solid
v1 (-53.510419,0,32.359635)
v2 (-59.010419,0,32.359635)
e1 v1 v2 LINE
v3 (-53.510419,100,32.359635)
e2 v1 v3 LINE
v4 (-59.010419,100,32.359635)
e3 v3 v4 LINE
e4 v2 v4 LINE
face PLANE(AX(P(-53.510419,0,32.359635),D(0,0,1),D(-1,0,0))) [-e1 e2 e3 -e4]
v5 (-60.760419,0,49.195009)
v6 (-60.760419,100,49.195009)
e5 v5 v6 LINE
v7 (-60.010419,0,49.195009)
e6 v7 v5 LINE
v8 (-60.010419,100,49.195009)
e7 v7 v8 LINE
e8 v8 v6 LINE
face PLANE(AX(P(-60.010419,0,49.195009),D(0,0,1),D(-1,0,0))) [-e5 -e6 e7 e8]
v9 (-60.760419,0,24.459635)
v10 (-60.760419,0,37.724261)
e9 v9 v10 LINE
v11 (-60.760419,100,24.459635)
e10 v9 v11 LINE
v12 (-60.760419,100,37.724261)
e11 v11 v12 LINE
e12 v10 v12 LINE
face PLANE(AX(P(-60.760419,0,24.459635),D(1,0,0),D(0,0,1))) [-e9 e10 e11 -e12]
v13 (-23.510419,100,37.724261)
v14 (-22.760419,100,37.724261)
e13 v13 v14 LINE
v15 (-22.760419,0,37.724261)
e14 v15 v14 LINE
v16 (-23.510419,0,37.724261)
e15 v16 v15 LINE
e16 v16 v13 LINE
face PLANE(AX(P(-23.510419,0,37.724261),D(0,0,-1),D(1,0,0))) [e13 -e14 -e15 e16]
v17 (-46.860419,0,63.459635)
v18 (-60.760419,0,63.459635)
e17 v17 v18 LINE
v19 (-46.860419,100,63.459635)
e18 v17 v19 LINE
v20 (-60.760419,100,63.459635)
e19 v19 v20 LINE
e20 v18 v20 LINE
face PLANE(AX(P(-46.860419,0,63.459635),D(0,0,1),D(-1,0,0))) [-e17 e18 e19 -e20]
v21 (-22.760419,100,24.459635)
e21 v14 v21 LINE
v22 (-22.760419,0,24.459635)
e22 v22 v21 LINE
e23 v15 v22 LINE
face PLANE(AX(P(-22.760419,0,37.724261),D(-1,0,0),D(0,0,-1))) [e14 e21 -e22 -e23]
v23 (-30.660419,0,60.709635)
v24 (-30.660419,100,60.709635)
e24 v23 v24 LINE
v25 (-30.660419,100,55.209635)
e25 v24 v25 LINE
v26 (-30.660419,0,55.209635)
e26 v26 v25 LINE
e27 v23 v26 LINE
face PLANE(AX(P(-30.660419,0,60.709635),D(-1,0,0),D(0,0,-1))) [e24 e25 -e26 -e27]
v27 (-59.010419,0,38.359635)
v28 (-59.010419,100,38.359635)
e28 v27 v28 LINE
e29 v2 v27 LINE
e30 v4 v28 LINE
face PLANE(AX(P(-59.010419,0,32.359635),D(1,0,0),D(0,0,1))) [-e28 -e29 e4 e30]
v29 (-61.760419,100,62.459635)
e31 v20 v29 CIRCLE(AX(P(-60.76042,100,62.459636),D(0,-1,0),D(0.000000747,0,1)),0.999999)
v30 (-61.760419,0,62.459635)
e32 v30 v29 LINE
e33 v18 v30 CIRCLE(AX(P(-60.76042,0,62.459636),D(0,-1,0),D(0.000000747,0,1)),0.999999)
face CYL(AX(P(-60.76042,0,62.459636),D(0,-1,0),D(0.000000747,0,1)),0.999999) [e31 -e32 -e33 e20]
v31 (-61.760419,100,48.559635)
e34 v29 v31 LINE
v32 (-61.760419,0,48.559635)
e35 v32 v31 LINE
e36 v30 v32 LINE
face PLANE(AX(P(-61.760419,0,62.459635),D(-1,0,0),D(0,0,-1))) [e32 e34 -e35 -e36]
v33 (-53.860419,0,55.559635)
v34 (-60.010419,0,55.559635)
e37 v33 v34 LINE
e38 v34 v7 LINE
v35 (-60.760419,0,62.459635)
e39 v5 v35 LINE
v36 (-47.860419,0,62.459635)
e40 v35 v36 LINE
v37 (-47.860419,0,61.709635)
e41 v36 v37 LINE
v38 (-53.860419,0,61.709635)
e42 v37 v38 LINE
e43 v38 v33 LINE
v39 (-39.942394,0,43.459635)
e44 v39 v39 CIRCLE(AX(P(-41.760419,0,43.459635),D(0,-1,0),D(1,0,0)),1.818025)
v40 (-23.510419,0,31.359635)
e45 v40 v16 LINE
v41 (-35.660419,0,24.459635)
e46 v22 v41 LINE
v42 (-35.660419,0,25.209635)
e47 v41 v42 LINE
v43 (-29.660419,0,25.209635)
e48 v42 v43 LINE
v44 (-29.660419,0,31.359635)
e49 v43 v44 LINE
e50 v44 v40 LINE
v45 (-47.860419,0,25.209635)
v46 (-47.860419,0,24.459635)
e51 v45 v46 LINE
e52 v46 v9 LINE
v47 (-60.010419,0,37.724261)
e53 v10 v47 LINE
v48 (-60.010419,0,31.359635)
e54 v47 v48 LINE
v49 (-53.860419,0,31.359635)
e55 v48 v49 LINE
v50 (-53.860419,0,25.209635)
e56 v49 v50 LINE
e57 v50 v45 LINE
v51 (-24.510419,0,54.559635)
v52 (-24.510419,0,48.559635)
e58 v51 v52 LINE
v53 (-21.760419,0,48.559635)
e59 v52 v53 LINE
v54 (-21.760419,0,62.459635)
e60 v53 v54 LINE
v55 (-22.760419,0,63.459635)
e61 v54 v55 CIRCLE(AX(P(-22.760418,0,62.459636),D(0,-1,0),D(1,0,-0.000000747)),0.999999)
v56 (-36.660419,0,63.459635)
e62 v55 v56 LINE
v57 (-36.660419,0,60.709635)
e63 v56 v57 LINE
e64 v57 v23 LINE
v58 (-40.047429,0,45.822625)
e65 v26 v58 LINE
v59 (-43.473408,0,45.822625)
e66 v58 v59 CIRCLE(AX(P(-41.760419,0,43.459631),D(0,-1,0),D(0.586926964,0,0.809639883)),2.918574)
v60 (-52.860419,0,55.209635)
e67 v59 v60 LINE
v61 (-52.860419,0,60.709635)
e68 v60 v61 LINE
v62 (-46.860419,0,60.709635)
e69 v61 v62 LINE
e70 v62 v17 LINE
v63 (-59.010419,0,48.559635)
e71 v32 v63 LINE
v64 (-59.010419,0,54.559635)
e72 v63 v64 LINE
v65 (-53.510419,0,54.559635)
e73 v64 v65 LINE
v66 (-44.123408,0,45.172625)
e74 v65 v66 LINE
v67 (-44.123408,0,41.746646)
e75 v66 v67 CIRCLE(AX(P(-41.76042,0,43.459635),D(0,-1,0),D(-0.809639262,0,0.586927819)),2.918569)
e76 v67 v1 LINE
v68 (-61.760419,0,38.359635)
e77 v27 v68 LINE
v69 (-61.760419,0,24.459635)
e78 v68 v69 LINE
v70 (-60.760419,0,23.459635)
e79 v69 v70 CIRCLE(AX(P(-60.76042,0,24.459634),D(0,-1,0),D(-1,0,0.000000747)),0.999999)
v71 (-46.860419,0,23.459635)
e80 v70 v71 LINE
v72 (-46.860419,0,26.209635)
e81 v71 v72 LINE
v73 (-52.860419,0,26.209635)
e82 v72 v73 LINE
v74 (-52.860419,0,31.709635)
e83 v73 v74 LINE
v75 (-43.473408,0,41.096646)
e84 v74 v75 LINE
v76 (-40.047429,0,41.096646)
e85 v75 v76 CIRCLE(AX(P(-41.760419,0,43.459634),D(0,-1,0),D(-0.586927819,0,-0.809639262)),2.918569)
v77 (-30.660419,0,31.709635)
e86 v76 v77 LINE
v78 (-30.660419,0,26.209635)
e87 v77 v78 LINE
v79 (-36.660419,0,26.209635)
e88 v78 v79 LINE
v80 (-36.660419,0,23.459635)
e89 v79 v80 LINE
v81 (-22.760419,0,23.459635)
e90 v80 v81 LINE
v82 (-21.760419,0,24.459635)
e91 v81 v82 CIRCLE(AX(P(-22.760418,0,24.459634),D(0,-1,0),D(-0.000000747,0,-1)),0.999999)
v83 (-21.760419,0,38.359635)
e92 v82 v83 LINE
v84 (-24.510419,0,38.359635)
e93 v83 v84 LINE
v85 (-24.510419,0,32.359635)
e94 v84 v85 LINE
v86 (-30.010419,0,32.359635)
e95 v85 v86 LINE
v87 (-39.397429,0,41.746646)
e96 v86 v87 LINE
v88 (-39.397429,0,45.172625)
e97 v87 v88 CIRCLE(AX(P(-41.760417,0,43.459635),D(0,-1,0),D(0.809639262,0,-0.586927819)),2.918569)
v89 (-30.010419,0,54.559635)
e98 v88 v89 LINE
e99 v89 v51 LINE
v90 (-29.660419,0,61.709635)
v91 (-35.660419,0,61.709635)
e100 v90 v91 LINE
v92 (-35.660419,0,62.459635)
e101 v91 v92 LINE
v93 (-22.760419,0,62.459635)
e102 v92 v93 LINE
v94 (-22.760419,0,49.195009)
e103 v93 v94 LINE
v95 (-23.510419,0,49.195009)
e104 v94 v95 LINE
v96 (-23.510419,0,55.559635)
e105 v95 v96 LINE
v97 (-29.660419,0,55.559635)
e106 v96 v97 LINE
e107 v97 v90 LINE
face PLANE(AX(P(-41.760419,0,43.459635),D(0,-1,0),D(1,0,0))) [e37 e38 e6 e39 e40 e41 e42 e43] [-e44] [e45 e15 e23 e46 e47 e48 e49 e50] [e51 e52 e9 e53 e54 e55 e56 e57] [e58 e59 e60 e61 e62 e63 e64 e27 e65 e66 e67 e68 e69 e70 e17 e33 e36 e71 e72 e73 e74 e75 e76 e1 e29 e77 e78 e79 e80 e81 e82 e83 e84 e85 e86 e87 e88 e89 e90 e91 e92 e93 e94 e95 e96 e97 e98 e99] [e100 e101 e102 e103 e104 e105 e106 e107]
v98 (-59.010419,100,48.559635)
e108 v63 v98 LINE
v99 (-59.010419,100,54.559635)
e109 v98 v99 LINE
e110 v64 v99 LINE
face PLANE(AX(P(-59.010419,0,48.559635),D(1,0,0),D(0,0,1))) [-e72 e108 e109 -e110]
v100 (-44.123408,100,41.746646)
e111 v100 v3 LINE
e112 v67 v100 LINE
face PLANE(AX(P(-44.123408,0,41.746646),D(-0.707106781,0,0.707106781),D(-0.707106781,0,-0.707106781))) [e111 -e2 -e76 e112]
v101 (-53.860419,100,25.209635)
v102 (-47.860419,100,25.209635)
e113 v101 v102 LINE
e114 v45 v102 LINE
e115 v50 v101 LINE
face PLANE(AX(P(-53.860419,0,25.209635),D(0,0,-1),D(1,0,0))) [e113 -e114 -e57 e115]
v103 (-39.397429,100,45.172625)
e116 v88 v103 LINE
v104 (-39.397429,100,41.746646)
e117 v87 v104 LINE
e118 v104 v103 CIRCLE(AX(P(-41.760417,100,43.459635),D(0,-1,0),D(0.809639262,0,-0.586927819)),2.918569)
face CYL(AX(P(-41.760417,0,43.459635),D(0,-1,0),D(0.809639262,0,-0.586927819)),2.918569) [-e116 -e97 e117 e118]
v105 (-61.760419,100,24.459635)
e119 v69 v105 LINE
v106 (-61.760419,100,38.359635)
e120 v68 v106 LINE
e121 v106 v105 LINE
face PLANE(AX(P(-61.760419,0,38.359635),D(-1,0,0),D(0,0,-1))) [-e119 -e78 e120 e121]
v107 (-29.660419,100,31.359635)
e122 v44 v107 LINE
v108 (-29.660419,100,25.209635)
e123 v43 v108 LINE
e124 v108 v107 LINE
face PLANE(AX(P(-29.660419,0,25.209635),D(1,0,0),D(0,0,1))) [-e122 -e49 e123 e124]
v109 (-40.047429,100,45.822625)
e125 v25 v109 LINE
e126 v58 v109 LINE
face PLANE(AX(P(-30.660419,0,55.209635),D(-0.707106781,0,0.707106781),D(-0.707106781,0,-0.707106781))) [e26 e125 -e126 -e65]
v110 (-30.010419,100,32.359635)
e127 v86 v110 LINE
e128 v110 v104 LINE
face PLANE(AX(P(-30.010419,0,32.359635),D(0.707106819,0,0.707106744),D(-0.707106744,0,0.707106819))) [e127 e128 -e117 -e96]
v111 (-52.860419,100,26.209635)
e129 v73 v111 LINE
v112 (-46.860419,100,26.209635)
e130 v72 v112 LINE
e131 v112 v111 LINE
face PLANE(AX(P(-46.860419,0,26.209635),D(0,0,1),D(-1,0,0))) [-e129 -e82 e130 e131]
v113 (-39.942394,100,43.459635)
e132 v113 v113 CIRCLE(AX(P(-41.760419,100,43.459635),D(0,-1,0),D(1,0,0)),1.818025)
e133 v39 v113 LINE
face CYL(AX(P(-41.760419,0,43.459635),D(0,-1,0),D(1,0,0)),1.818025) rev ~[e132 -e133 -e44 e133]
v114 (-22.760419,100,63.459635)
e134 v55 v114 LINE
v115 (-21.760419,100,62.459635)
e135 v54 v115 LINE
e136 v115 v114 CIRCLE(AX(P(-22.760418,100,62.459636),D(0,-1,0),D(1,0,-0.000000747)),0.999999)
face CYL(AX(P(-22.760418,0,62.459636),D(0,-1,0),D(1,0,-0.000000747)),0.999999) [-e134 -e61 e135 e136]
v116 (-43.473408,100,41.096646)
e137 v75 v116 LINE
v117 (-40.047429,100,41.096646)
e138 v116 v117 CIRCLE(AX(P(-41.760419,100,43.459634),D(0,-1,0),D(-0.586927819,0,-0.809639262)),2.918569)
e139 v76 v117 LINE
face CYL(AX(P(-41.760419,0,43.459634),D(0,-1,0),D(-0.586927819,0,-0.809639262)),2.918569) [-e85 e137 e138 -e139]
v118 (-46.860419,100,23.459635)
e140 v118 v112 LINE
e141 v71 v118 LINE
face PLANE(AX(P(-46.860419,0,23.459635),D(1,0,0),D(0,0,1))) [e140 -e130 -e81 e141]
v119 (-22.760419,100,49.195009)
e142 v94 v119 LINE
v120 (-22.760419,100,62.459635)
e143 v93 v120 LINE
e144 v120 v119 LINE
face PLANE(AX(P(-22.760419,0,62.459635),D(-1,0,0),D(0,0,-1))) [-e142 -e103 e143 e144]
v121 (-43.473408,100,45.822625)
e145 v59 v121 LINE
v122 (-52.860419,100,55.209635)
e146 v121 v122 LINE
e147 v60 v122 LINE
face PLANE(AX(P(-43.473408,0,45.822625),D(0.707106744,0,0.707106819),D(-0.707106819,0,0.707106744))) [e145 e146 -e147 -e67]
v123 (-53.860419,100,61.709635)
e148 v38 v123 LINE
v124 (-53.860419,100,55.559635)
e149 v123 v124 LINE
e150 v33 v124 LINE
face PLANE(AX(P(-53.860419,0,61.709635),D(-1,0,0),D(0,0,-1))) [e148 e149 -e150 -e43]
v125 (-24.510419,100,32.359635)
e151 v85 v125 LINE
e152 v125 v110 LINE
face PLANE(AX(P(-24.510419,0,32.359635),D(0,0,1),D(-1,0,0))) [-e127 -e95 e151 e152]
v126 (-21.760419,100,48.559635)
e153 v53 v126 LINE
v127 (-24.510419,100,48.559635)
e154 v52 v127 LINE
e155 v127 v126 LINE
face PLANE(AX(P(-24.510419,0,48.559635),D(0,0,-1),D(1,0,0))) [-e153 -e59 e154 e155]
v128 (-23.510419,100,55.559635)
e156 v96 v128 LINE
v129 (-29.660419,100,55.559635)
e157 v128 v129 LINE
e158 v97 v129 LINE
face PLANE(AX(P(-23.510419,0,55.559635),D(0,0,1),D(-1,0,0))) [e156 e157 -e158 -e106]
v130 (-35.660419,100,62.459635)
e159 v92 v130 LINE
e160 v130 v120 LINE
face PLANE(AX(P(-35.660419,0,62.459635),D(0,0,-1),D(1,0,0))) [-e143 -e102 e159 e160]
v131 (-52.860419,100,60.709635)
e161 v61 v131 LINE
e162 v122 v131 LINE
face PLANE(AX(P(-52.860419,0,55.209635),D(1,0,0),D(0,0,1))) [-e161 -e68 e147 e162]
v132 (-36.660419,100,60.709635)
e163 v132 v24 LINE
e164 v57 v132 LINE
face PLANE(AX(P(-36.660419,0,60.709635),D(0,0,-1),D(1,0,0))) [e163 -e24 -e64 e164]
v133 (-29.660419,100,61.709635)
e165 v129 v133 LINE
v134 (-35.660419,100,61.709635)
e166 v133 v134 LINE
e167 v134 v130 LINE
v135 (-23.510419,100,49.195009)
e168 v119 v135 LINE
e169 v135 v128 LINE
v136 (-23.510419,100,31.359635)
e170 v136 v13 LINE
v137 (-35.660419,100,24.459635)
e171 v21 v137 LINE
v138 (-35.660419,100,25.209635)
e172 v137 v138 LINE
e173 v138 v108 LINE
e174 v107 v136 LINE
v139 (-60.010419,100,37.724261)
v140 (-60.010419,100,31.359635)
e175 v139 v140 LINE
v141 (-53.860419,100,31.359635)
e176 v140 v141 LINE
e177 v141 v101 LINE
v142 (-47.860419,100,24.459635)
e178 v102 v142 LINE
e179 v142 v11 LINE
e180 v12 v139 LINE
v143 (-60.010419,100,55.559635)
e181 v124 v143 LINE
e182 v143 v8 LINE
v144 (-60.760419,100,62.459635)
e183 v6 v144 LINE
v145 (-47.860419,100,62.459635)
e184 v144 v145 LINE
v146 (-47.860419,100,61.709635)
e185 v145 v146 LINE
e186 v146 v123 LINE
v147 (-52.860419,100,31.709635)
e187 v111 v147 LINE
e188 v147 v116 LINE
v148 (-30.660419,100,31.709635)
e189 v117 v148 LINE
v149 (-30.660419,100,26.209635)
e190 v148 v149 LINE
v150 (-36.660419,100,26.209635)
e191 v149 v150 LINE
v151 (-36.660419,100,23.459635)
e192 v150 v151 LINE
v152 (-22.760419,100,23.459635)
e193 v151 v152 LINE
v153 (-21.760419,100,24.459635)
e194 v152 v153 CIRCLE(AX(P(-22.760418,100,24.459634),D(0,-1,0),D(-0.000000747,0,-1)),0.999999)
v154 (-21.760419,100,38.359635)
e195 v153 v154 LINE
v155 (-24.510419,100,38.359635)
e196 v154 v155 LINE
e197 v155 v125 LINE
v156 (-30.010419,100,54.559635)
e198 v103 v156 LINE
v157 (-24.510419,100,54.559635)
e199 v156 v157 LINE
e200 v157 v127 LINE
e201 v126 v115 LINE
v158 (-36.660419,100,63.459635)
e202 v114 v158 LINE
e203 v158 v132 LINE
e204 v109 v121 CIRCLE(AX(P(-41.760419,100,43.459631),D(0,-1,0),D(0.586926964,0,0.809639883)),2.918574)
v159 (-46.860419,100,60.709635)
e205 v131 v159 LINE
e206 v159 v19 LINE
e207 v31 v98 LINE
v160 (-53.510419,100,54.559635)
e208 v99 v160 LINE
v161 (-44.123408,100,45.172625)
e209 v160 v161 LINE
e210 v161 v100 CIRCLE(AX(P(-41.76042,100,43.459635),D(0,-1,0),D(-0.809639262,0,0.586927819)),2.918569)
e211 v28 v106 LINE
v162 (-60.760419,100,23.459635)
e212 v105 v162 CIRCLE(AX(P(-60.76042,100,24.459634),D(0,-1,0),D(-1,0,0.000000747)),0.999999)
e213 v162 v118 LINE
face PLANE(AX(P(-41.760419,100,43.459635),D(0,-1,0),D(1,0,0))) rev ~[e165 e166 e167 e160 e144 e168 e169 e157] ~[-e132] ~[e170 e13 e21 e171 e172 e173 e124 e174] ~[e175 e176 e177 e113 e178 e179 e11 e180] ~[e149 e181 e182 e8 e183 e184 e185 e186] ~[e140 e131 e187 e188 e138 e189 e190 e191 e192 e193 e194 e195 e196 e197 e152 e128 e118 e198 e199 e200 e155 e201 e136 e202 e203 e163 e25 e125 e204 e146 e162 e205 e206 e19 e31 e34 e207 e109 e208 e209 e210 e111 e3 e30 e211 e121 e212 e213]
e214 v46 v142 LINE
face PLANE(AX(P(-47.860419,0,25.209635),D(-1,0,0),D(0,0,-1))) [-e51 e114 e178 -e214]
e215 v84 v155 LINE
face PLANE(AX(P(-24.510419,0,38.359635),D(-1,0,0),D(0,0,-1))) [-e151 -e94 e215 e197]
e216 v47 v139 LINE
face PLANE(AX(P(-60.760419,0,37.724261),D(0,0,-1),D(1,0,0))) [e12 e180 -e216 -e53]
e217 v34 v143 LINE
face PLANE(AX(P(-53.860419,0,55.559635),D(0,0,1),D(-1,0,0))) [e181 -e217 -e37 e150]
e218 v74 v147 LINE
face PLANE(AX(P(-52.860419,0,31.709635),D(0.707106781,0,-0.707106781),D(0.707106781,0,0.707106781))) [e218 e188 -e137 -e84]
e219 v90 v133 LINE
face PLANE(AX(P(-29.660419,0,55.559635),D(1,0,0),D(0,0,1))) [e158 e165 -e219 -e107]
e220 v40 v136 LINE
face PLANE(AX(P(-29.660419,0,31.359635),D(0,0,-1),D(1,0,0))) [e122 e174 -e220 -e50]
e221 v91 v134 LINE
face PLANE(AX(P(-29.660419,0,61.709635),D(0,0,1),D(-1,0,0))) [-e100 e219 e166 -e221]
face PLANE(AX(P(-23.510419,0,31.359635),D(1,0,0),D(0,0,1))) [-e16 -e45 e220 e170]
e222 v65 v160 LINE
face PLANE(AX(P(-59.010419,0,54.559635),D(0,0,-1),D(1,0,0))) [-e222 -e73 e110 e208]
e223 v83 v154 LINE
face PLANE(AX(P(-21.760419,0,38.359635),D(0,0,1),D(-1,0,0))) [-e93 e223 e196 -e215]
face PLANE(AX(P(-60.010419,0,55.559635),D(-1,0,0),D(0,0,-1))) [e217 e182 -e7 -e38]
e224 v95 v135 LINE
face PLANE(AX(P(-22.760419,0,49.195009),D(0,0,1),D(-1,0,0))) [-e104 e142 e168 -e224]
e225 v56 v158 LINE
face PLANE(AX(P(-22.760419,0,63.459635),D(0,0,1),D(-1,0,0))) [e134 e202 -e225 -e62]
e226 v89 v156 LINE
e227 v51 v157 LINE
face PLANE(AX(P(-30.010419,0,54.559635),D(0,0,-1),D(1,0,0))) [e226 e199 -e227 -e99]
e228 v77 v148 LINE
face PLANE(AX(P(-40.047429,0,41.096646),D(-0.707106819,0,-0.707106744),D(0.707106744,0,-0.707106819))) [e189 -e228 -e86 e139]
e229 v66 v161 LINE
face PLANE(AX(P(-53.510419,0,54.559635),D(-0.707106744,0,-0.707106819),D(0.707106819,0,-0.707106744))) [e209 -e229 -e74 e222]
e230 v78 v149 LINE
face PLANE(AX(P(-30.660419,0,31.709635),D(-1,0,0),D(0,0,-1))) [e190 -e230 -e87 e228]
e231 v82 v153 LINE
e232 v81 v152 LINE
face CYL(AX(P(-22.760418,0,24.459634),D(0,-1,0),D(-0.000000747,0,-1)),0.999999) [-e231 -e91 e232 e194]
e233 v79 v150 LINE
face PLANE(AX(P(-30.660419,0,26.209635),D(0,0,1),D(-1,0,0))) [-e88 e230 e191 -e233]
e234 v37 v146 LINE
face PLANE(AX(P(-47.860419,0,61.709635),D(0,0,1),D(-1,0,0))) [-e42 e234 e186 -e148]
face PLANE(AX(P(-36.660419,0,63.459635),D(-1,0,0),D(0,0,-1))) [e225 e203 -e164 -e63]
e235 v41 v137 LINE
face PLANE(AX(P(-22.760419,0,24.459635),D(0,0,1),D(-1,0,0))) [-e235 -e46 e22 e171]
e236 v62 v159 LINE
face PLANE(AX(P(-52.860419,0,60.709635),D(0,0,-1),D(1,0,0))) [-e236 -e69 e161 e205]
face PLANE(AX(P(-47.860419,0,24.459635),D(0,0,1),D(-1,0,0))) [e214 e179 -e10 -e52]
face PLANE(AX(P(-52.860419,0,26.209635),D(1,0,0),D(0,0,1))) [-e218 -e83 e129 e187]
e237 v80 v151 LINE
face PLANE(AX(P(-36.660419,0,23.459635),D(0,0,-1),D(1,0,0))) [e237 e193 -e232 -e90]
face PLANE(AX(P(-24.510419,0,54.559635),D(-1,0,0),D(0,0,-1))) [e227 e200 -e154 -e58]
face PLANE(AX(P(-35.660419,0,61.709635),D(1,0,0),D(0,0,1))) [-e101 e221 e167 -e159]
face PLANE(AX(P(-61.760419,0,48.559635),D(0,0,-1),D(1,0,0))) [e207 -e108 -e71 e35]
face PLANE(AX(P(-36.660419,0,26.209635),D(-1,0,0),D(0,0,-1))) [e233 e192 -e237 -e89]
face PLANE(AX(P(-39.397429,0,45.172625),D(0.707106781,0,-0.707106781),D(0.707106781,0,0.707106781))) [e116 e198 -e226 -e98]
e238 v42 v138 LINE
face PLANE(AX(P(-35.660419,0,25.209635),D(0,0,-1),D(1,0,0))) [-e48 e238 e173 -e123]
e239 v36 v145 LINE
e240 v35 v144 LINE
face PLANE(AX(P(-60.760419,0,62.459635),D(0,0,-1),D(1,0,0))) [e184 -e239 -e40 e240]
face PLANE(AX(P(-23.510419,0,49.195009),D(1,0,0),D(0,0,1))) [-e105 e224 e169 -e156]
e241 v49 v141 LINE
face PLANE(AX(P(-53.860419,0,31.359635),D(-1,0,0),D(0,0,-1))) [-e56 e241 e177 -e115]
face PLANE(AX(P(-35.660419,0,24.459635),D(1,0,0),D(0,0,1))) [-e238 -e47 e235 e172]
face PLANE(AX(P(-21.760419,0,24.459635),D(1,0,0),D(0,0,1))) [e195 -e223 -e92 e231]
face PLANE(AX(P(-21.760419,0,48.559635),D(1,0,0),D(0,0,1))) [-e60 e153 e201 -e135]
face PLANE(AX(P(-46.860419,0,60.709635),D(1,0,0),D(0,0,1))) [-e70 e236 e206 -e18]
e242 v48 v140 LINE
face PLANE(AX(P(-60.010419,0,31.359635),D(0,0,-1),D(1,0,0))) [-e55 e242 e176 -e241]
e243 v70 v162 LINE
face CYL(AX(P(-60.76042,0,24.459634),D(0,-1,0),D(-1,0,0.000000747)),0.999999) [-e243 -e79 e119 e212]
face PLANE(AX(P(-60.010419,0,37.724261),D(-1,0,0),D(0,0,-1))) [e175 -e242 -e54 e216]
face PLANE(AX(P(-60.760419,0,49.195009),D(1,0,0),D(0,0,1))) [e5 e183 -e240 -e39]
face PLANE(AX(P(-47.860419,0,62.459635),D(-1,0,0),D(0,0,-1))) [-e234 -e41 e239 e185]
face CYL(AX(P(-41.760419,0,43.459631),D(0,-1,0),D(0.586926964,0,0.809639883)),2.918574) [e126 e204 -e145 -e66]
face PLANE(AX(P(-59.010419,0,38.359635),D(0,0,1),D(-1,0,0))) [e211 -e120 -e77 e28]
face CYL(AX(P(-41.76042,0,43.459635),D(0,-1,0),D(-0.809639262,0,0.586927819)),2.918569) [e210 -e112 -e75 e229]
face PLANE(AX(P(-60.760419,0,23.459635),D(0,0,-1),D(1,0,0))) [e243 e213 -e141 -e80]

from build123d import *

# Parameters (mm, degrees)
F0_R     = 1.818025
F1_DEPTH = 100


with BuildPart() as f1:
    # F0 (on Front) → F1 (new body)
    with BuildSketch(Plane.XZ):
        with BuildLine():
            Line((-46.860419, 63.459635), (-60.760419, 63.459635))
            ThreePointArc((-60.760419, 63.459635), (-61.467526, 63.166742), (-61.760419, 62.459635))
            Line((-61.760419, 62.459635), (-61.760419, 48.559635))
            Line((-61.760419, 48.559635), (-59.010419, 48.559635))
            Line((-59.010419, 48.559635), (-59.010419, 54.559635))
            Line((-59.010419, 54.559635), (-53.510419, 54.559635))
            Line((-53.510419, 54.559635), (-44.123408, 45.172625))
            ThreePointArc((-44.123408, 45.172625), (-44.678989, 43.459635), (-44.123408, 41.746646))
            Line((-44.123408, 41.746646), (-53.510419, 32.359635))
            Line((-53.510419, 32.359635), (-59.010419, 32.359635))
            Line((-59.010419, 32.359635), (-59.010419, 38.359635))
            Line((-59.010419, 38.359635), (-61.760419, 38.359635))
            Line((-61.760419, 38.359635), (-61.760419, 24.459635))
            ThreePointArc((-61.760419, 24.459635), (-61.467526, 23.752528), (-60.760419, 23.459635))
            Line((-60.760419, 23.459635), (-46.860419, 23.459635))
            Line((-46.860419, 23.459635), (-46.860419, 26.209635))
            Line((-46.860419, 26.209635), (-52.860419, 26.209635))
            Line((-52.860419, 26.209635), (-52.860419, 31.709635))
            Line((-52.860419, 31.709635), (-43.473408, 41.096646))
            ThreePointArc((-43.473408, 41.096646), (-41.760419, 40.541065), (-40.047429, 41.096646))
            Line((-40.047429, 41.096646), (-30.660419, 31.709635))
            Line((-30.660419, 31.709635), (-30.660419, 26.209635))
            Line((-30.660419, 26.209635), (-36.660419, 26.209635))
            Line((-36.660419, 26.209635), (-36.660419, 23.459635))
            Line((-36.660419, 23.459635), (-22.760419, 23.459635))
            ThreePointArc((-22.760419, 23.459635), (-22.053312, 23.752528), (-21.760419, 24.459635))
            Line((-21.760419, 24.459635), (-21.760419, 38.359635))
            Line((-21.760419, 38.359635), (-24.510419, 38.359635))
            Line((-24.510419, 38.359635), (-24.510419, 32.359635))
            Line((-24.510419, 32.359635), (-30.010419, 32.359635))
            Line((-30.010419, 32.359635), (-39.397429, 41.746646))
            ThreePointArc((-39.397429, 41.746646), (-38.841848, 43.459635), (-39.397429, 45.172625))
            Line((-39.397429, 45.172625), (-30.010419, 54.559635))
            Line((-30.010419, 54.559635), (-24.510419, 54.559635))
            Line((-24.510419, 54.559635), (-24.510419, 48.559635))
            Line((-24.510419, 48.559635), (-21.760419, 48.559635))
            Line((-21.760419, 48.559635), (-21.760419, 62.459635))
            ThreePointArc((-21.760419, 62.459635), (-22.053312, 63.166742), (-22.760419, 63.459635))
            Line((-22.760419, 63.459635), (-36.660419, 63.459635))
            Line((-36.660419, 63.459635), (-36.660419, 60.709635))
            Line((-36.660419, 60.709635), (-30.660419, 60.709635))
            Line((-30.660419, 60.709635), (-30.660419, 55.209635))
            Line((-30.660419, 55.209635), (-40.047429, 45.822625))
            ThreePointArc((-40.047429, 45.822625), (-41.760419, 46.378205), (-43.473408, 45.822625))
            Line((-43.473408, 45.822625), (-52.860419, 55.209635))
            Line((-52.860419, 55.209635), (-52.860419, 60.709635))
            Line((-52.860419, 60.709635), (-46.860419, 60.709635))
            Line((-46.860419, 60.709635), (-46.860419, 63.459635))
        make_face()
        Polygon((-60.760419, 37.724261), (-60.010419, 37.724261), (-60.010419, 31.359635), (-53.860419, 31.359635), (-53.860419, 25.209635), (-47.860419, 25.209635), (-47.860419, 24.459635), (-53.860419, 24.459635), (-60.760419, 24.459635), (-60.760419, 31.359635), align=None, mode=Mode.SUBTRACT)
        Polygon((-29.660419, 24.459635), (-35.660419, 24.459635), (-35.660419, 25.209635), (-29.660419, 25.209635), (-29.660419, 31.359635), (-23.510419, 31.359635), (-23.510419, 37.724261), (-22.760419, 37.724261), (-22.760419, 31.359635), (-22.760419, 24.459635), align=None, mode=Mode.SUBTRACT)
        with Locations((-41.760419, 43.459635)):
            Circle(F0_R, mode=Mode.SUBTRACT)
        Polygon((-60.760419, 55.559635), (-60.760419, 62.459635), (-53.860419, 62.459635), (-47.860419, 62.459635), (-47.860419, 61.709635), (-53.860419, 61.709635), (-53.860419, 55.559635), (-60.010419, 55.559635), (-60.010419, 49.195009), (-60.760419, 49.195009), align=None, mode=Mode.SUBTRACT)
        Polygon((-29.660419, 62.459635), (-22.760419, 62.459635), (-22.760419, 55.559635), (-22.760419, 49.195009), (-23.510419, 49.195009), (-23.510419, 55.559635), (-29.660419, 55.559635), (-29.660419, 61.709635), (-35.660419, 61.709635), (-35.660419, 62.459635), align=None, mode=Mode.SUBTRACT)
    extrude(amount=-F1_DEPTH)


solid = f1.part
